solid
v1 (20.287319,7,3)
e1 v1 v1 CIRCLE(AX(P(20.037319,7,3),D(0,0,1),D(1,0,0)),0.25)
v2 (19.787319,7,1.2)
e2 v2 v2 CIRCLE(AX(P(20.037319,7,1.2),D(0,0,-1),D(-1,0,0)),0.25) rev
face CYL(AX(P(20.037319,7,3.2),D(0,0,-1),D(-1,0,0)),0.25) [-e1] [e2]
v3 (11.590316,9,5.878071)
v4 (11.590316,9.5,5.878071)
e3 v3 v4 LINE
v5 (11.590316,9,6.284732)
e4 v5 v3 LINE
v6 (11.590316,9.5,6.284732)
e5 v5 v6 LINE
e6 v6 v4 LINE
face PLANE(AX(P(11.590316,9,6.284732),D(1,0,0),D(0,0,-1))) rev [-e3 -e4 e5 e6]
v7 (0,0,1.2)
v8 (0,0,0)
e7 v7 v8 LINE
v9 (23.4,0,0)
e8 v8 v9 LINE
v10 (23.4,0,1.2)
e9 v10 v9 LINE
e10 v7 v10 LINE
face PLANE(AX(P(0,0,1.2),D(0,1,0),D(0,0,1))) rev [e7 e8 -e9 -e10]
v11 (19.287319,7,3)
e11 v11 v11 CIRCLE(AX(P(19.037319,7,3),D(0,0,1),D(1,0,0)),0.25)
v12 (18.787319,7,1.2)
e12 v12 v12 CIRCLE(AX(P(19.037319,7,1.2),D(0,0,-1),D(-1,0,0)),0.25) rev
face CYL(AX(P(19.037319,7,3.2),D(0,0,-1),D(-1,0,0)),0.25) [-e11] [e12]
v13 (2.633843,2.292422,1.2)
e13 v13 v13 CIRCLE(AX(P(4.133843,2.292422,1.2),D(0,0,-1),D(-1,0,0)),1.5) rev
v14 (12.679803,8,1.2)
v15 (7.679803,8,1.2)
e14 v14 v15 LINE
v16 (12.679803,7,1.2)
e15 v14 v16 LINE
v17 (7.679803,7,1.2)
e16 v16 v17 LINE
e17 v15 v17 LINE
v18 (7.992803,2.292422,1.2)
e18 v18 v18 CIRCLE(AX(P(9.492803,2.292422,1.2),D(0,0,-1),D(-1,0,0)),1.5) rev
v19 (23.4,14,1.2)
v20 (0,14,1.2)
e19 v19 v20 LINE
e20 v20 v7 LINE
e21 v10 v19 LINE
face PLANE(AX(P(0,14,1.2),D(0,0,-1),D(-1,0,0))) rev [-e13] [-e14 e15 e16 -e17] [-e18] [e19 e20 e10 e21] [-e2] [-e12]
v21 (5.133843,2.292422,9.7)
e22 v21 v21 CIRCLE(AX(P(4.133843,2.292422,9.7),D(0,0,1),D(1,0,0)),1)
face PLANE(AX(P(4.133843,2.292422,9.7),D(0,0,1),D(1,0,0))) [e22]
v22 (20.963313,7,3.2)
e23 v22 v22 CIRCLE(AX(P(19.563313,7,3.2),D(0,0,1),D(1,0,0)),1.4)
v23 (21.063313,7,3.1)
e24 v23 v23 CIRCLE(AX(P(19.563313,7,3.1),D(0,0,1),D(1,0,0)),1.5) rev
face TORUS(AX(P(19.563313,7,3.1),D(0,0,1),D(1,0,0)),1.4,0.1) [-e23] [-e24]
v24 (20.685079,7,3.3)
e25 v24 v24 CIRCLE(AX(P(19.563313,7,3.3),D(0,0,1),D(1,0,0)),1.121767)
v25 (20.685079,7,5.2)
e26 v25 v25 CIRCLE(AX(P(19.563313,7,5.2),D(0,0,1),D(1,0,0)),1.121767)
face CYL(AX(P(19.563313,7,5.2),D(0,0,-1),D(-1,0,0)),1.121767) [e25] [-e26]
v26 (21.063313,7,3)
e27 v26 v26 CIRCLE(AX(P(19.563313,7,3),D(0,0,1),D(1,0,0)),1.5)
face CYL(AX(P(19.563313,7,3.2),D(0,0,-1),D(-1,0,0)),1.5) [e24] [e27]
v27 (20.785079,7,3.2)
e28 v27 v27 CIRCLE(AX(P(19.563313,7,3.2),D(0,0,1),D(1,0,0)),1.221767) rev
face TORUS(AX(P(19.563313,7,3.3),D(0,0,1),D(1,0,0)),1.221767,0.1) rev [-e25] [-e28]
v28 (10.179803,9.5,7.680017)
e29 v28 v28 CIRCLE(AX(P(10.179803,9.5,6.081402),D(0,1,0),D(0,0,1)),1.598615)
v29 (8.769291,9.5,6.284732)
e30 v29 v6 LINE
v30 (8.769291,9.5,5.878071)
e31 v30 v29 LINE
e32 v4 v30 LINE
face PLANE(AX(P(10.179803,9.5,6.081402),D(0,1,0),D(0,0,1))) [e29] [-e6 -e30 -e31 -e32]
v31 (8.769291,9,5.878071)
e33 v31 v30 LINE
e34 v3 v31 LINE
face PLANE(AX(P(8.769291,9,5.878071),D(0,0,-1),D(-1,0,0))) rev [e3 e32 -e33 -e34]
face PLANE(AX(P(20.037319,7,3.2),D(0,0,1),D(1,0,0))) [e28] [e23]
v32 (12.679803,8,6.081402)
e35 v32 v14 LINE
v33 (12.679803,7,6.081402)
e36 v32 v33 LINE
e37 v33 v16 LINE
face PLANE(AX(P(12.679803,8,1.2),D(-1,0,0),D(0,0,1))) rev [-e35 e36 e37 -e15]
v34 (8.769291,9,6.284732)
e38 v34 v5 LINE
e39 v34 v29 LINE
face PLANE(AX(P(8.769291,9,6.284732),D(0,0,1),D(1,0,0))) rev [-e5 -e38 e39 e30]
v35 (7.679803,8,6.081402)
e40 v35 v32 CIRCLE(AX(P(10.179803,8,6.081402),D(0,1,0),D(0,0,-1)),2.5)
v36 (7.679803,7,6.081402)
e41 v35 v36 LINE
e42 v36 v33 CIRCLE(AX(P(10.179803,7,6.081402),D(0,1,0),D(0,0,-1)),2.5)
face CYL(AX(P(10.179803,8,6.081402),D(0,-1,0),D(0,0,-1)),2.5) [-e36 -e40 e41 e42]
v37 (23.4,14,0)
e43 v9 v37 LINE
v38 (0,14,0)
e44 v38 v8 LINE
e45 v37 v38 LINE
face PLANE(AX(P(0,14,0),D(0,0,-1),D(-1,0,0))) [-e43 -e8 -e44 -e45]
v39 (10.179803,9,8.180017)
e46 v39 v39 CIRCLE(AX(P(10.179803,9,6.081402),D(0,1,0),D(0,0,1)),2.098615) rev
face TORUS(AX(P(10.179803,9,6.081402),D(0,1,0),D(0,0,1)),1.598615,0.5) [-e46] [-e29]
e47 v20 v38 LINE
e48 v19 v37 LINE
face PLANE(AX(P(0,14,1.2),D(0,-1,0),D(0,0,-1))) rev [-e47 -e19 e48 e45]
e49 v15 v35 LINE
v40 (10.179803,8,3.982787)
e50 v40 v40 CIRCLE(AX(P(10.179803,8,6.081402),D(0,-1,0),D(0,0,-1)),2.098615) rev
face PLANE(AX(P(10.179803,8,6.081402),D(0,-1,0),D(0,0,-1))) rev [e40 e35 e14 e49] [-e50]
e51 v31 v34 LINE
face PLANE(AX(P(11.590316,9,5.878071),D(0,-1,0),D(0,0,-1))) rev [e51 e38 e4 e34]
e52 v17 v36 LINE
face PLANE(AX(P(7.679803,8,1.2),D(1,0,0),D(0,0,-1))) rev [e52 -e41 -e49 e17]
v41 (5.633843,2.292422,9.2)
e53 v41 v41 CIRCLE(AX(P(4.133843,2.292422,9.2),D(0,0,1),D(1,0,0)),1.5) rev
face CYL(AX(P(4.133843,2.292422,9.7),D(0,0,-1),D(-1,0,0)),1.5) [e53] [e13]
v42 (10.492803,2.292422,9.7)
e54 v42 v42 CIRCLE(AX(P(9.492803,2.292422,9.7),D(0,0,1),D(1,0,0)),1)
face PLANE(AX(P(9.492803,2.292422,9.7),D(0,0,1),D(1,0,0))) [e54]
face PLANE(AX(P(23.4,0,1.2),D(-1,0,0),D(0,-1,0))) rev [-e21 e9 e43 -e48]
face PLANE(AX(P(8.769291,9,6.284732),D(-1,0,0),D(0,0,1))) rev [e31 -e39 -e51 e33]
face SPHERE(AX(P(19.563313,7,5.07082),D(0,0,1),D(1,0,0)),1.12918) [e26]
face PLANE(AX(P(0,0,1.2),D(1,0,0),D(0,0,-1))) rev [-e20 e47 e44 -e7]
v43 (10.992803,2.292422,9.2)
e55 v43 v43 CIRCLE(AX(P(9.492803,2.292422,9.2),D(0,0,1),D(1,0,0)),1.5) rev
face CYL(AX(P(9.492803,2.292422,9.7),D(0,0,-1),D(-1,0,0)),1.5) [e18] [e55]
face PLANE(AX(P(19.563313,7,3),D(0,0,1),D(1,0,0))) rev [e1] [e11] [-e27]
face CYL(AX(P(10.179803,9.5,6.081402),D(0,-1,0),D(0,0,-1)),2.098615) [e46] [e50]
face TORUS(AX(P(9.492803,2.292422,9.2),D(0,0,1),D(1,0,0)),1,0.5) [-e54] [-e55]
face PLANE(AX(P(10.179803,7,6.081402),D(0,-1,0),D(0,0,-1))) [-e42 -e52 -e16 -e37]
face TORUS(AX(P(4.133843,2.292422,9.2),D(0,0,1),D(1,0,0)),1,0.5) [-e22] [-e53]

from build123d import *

# Parameters (mm, degrees)
SKETCH_1_W          = 23.4
SKETCH_1_H          = 14
EXTRUDE_1_DEPTH     = 1.2
SKETCH_5_R          = 0.25
EXTRUDE_3_DEPTH     = 2
SKETCH_6_R          = 1.5
EXTRUDE_4_DEPTH     = 0.2
SKETCH_7_R          = 1.121766596
EXTRUDE_5_DEPTH     = 2
DOME_1_FACE_RADIUS  = 1.121766596
DOME_1_HEIGHT       = 1
FILLET_1_R          = 0.1
EXTRUDE_6_DEPTH     = 1
SKETCH_9_R          = 2.098614602
EXTRUDE_7_DEPTH     = 1.5
FILLET_2_R          = 0.5
SKETCH_10_W         = 2.821024734
SKETCH_10_H         = 0.406660996
CUT_EXTRUDE_1_DEPTH = 0.5
SKETCH_11_R         = 1.5
EXTRUDE_8_DEPTH     = 8.5
FILLET_3_R          = 0.5


with BuildPart() as part:
    # Эскиз1 → Бобышка-Вытянуть1 (new body)
    with BuildSketch(Plane.XY):
        with Locations((11.7, 7)):
            Rectangle(SKETCH_1_W, SKETCH_1_H)
    extrude(amount=EXTRUDE_1_DEPTH)

    # Эскиз5 → Бобышка-Вытянуть3 (add)
    with BuildSketch(Plane.XY.offset(1.2)):
        with Locations(Location((20.037318808, 7, 0), (0, 0, 180))):
            Circle(SKETCH_5_R)
        with Locations(Location((19.037318808, 7, 0), (0, 0, 180))):
            Circle(SKETCH_5_R)
    extrude(amount=EXTRUDE_3_DEPTH)

    # Эскиз6 → Бобышка-Вытянуть4 (add)
    with BuildSketch(Plane.XY.offset(3)):
        with Locations((19.563312514, 7)):
            Circle(SKETCH_6_R)
    extrude(amount=EXTRUDE_4_DEPTH)

    # Эскиз7 → Бобышка-Вытянуть5 (add)
    with BuildSketch(Plane.XY.offset(3.2)):
        with Locations((19.563312514, 7)):
            Circle(SKETCH_7_R)
    extrude(amount=EXTRUDE_5_DEPTH)

    # Купол1: a dome of height H over a round flat face of radius A is a cap of a sphere of radius (A * A + H * H) / (2 * H)
    dome_1_r = (DOME_1_FACE_RADIUS * DOME_1_FACE_RADIUS + DOME_1_HEIGHT * DOME_1_HEIGHT) / (2 * DOME_1_HEIGHT)
    dome_1_base = Plane((19.563312514, 7, 5.2), z_dir=(0, 0, 1))
    with Locations(dome_1_base.offset(DOME_1_HEIGHT - dome_1_r)):
        dome_1_ball = Sphere(dome_1_r, mode=Mode.PRIVATE)
    add(split(dome_1_ball, bisect_by=dome_1_base, keep=Keep.TOP, mode=Mode.PRIVATE))

    # Скругление1
    fillet_1_edges = [part.edges().sort_by_distance(p)[0] for p in [
        (18.063312514, 7, 3.2),
        (18.441545917, 7, 3.2),
    ]]
    fillet(fillet_1_edges, radius=FILLET_1_R)

    # Эскиз8 → Бобышка-Вытянуть6 (add)
    with BuildSketch(Plane(origin=(0, 7, 0), x_dir=(-1, 0, 0), z_dir=(0, 1, 0))):
        with BuildLine():
            Line((-12.679803448, 1.2), (-12.679803448, 6.081401921))
            ThreePointArc((-12.679803448, 6.081401921), (-10.179803448, 8.581401921), (-7.679803448, 6.081401921))
            Line((-7.679803448, 6.081401921), (-7.679803448, 1.2))
            Line((-7.679803448, 1.2), (-12.679803448, 1.2))
        make_face()
    extrude(amount=EXTRUDE_6_DEPTH)

    # Эскиз9 → Бобышка-Вытянуть7 (add)
    with BuildSketch(Plane(origin=(0, 8, 0), x_dir=(1, 0, 0), z_dir=(0, 1, 0))):
        with Locations(Location((10.179803448, -6.081401921, 0), (0, 0, 90))):
            Circle(SKETCH_9_R)
    extrude(amount=EXTRUDE_7_DEPTH)

    # Скругление2
    fillet_2_edges = [part.edges().sort_by_distance(p)[0] for p in [
        (10.179803448, 9.5, 8.180016523),
    ]]
    fillet(fillet_2_edges, radius=FILLET_2_R)

    # Эскиз10 → Вырез-Вытянуть1 (cut)
    with BuildSketch(Plane(origin=(0, 9.5, 0), x_dir=(1, 0, 0), z_dir=(0, 1, 0))):
        with Locations((10.179803448, -6.081401921)):
            Rectangle(SKETCH_10_W, SKETCH_10_H)
    extrude(amount=-CUT_EXTRUDE_1_DEPTH, mode=Mode.SUBTRACT)

    # Эскиз11 → Бобышка-Вытянуть8 (add)
    with BuildSketch(Plane.XY.offset(1.2)):
        with Locations(Location((4.133843488, 2.292422246, 0), (0, 0, 180))):
            Circle(SKETCH_11_R)
        with Locations(Location((9.492802765, 2.292422246, 0), (0, 0, 180))):
            Circle(SKETCH_11_R)
    extrude(amount=EXTRUDE_8_DEPTH)

    # Скругление3
    fillet_3_edges = [part.edges().sort_by_distance(p)[0] for p in [
        (5.633843488, 2.292422246, 9.7),
        (10.992802765, 2.292422246, 9.7),
    ]]
    fillet(fillet_3_edges, radius=FILLET_3_R)


solid = part.part
